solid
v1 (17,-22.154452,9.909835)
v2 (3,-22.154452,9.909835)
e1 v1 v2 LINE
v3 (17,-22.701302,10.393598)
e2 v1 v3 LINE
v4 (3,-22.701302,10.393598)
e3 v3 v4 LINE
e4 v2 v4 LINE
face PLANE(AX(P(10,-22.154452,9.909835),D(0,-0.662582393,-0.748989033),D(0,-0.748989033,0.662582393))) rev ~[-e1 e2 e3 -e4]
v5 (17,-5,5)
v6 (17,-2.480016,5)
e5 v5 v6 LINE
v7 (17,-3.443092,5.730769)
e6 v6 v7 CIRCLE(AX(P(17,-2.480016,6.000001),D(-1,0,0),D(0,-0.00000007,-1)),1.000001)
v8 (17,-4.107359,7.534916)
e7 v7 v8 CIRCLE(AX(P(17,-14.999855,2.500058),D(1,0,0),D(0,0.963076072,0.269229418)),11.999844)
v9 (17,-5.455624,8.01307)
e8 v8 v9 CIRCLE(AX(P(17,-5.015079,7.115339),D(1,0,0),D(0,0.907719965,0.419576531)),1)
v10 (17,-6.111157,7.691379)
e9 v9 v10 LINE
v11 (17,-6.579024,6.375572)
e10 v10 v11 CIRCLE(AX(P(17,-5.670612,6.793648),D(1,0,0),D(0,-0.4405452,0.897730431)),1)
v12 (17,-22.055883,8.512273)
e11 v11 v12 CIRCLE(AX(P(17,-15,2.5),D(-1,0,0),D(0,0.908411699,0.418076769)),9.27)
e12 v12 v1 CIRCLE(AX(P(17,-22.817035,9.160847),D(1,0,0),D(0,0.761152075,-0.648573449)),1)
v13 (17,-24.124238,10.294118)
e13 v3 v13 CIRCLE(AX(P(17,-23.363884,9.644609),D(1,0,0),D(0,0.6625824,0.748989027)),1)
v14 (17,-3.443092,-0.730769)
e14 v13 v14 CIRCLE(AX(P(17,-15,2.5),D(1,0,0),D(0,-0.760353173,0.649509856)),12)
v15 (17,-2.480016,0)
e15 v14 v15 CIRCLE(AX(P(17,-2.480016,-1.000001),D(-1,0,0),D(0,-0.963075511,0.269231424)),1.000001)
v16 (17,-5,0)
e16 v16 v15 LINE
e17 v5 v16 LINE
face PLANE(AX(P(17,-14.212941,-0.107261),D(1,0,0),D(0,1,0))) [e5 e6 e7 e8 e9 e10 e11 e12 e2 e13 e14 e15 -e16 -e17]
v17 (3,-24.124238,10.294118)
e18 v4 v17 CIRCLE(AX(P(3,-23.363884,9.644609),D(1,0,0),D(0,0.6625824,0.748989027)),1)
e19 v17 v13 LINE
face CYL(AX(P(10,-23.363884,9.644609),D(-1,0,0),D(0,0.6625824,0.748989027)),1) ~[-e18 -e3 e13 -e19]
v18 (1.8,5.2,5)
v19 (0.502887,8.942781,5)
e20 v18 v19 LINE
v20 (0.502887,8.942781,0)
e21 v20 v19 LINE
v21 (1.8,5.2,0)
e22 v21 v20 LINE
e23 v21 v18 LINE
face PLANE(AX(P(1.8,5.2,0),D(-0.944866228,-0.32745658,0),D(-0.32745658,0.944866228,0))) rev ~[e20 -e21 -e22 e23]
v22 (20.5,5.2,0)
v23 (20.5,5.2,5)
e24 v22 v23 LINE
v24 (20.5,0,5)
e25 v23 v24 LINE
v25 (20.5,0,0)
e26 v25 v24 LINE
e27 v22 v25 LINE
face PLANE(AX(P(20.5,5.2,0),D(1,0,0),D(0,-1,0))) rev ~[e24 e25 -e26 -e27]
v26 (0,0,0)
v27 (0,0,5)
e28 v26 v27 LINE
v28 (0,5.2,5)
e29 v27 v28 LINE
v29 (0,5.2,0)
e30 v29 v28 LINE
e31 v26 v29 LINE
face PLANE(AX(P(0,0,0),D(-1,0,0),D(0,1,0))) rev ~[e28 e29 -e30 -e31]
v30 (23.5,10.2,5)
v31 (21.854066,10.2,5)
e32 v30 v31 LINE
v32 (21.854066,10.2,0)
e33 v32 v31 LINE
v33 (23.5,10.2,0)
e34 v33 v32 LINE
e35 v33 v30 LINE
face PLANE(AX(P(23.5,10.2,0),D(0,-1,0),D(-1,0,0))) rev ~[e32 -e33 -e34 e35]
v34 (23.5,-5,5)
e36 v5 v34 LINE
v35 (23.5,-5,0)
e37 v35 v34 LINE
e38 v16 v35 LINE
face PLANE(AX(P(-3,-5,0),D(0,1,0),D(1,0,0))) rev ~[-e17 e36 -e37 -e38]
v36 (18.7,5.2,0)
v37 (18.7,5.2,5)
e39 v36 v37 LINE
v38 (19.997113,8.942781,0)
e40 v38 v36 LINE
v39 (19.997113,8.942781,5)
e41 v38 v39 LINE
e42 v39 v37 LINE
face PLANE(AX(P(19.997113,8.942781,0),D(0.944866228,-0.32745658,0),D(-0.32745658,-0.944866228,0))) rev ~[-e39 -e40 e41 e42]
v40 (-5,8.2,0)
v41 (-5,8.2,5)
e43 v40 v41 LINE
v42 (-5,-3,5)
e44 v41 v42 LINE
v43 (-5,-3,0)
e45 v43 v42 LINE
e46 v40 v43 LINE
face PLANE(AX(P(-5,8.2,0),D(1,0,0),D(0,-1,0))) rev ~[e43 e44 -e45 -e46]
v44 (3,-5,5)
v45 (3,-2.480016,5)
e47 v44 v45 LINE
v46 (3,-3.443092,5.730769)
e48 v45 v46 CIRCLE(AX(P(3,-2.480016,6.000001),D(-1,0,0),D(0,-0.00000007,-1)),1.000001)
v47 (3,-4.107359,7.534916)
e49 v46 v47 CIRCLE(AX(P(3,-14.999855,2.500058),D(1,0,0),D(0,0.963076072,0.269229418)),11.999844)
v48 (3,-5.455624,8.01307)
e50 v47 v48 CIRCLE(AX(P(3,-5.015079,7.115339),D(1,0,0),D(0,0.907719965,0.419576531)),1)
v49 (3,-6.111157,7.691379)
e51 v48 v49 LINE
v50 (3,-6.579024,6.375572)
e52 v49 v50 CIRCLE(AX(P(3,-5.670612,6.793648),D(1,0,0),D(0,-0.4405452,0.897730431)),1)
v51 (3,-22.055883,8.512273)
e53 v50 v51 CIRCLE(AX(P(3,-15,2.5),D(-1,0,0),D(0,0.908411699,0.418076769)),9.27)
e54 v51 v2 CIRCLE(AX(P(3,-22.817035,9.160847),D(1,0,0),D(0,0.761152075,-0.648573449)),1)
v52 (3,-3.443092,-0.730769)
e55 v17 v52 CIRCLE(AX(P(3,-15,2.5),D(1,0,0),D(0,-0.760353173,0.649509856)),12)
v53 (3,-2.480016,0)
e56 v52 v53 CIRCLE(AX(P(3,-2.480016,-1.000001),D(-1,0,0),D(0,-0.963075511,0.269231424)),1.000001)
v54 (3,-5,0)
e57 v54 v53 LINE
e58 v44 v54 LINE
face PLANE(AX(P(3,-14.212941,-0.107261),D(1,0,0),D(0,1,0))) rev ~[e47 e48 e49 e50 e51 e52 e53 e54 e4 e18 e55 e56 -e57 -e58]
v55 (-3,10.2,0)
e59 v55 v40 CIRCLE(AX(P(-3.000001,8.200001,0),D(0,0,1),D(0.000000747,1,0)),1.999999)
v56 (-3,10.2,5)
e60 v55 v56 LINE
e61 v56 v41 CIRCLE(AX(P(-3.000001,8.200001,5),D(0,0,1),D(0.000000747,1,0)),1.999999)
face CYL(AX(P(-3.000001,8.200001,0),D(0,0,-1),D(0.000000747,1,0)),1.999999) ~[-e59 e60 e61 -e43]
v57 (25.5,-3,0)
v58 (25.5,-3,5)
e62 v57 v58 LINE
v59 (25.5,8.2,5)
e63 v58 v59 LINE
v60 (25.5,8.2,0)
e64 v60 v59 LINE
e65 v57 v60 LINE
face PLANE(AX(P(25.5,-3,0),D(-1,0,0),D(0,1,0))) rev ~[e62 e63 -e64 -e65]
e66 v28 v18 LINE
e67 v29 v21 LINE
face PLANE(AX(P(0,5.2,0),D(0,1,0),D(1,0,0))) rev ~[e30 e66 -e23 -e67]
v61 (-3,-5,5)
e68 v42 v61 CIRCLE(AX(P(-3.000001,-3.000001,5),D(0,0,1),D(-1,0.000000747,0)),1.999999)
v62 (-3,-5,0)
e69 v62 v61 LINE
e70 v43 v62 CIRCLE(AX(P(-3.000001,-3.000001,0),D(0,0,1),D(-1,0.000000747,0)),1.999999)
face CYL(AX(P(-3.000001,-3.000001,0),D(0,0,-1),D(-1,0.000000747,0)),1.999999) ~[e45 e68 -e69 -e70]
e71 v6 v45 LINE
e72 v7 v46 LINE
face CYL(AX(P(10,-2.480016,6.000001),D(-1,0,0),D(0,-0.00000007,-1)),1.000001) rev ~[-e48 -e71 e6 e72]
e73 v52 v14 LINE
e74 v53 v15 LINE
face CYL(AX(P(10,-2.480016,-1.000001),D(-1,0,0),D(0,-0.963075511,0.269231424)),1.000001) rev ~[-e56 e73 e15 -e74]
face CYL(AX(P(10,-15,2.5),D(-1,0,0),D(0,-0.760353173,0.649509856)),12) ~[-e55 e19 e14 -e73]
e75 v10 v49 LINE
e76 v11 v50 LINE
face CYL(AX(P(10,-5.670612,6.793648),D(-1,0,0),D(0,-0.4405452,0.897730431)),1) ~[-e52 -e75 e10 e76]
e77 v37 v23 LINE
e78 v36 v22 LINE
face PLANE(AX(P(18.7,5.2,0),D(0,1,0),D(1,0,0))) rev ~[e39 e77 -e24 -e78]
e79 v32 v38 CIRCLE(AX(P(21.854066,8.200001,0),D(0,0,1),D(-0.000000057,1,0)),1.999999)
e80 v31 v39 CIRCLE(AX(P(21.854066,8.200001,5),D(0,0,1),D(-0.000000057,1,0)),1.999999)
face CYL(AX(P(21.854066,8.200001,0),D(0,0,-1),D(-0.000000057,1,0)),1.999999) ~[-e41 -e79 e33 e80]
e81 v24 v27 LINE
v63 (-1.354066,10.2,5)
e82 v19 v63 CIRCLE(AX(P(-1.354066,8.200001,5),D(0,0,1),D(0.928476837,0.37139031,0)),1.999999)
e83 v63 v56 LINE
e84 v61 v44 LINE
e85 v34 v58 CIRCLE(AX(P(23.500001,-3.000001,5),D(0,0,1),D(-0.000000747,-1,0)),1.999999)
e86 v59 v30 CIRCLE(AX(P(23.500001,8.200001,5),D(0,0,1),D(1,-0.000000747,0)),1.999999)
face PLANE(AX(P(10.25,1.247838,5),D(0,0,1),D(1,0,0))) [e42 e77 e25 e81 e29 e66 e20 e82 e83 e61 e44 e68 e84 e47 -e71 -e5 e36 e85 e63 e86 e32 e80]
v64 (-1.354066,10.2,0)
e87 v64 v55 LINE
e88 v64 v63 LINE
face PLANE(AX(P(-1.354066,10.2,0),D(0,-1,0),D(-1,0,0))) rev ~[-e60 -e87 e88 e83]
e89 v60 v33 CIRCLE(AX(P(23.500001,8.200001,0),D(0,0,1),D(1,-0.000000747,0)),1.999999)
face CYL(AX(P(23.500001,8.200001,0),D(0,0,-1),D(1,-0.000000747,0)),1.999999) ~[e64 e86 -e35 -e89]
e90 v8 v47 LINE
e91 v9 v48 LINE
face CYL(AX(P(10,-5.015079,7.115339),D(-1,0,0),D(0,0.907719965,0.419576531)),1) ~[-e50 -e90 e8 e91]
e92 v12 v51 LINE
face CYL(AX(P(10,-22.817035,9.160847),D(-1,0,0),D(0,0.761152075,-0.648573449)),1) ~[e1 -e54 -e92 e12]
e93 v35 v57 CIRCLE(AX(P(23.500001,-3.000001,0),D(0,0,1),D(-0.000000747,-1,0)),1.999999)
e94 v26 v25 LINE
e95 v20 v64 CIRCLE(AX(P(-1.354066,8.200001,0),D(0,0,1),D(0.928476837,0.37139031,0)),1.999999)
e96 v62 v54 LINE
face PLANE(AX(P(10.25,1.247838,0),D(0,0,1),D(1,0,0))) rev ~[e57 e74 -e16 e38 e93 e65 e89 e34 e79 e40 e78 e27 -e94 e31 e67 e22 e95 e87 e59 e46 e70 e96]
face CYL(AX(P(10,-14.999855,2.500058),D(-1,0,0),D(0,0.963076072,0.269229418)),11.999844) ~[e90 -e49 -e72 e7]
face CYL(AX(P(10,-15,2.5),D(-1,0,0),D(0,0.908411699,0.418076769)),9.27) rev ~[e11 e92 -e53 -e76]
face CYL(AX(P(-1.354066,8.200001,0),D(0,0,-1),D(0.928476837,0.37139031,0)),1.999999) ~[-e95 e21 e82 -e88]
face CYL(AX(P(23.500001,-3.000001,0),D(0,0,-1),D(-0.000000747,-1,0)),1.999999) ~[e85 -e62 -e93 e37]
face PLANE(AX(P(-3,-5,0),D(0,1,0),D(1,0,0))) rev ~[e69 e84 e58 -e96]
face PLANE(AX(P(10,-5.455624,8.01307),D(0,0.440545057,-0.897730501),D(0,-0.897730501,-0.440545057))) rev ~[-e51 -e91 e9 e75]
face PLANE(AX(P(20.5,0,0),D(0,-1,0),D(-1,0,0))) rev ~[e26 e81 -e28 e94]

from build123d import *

# Parameters (mm, degrees)
F1_DEPTH = 5
F5_DEPTH = 7
F6_DEPTH = 7


with BuildPart() as f1:
    # F0 (on Top) → F1 (new body)
    with BuildSketch(Plane.XY):
        with BuildLine():
            Line((20.5, 0), (0, 0))
            Line((0, 0), (0, 5.2))
            Line((0, 5.2), (1.8, 5.2))
            Line((1.8, 5.2), (0.502887, 8.942781))
            ThreePointArc((0.502887, 8.942781), (-0.232808, 9.856134), (-1.354066, 10.2))
            Line((-1.354066, 10.2), (-3, 10.2))
            ThreePointArc((-3, 10.2), (-4.414214, 9.614214), (-5, 8.2))
            Line((-5, 8.2), (-5, -3))
            ThreePointArc((-5, -3), (-4.414214, -4.414214), (-3, -5))
            Line((-3, -5), (23.5, -5))
            ThreePointArc((23.5, -5), (24.914214, -4.414214), (25.5, -3))
            Line((25.5, -3), (25.5, 0))
            Line((25.5, 0), (25.5, 8.2))
            ThreePointArc((25.5, 8.2), (24.914214, 9.614214), (23.5, 10.2))
            Line((23.5, 10.2), (21.854066, 10.2))
            ThreePointArc((21.854066, 10.2), (20.732808, 9.856134), (19.997113, 8.942781))
            Line((19.997113, 8.942781), (18.7, 5.2))
            Line((18.7, 5.2), (20.5, 5.2))
            Line((20.5, 5.2), (20.5, 0))
        make_face()
    extrude(amount=F1_DEPTH)

    # F4 (on offset) → F5 (join)
    with BuildSketch(Plane.YZ.offset(10)):
        with BuildLine():
            ThreePointArc((-22.701302, 10.393598), (-23.433626, 10.642174), (-24.124238, 10.294118))
            ThreePointArc((-24.124238, 10.294118), (-20.645043, -8.08931), (-3.443092, -0.730769))
            ThreePointArc((-3.443092, -0.730769), (-3.084486, -0.203372), (-2.480016, 0))
            Line((-2.480016, 0), (0, 0))
            Line((0, 0), (0, 5))
            Line((0, 5), (-2.480016, 5))
            ThreePointArc((-2.480016, 5), (-3.084486, 5.203372), (-3.443092, 5.730769))
            ThreePointArc((-3.443092, 5.730769), (-3.739036, 6.646167), (-4.107359, 7.534916))
            ThreePointArc((-4.107359, 7.534916), (-4.680832, 8.057825), (-5.455624, 8.01307))
            Line((-5.455624, 8.01307), (-6.111157, 7.691379))
            ThreePointArc((-6.111157, 7.691379), (-6.612821, 7.128674), (-6.579024, 6.375572))
            ThreePointArc((-6.579024, 6.375572), (-16.267771, -6.6829), (-22.055883, 8.512273))
            ThreePointArc((-22.055883, 8.512273), (-21.819513, 9.231201), (-22.154452, 9.909835))
            Line((-22.154452, 9.909835), (-22.701302, 10.393598))
        make_face()
    extrude(amount=-F5_DEPTH)

    # F4 (on offset) → F6 (join)
    with BuildSketch(Plane.YZ.offset(10)):
        with BuildLine():
            ThreePointArc((-22.701302, 10.393598), (-23.433626, 10.642174), (-24.124238, 10.294118))
            ThreePointArc((-24.124238, 10.294118), (-20.645043, -8.08931), (-3.443092, -0.730769))
            ThreePointArc((-3.443092, -0.730769), (-3.084486, -0.203372), (-2.480016, 0))
            Line((-2.480016, 0), (0, 0))
            Line((0, 0), (0, 5))
            Line((0, 5), (-2.480016, 5))
            ThreePointArc((-2.480016, 5), (-3.084486, 5.203372), (-3.443092, 5.730769))
            ThreePointArc((-3.443092, 5.730769), (-3.739036, 6.646167), (-4.107359, 7.534916))
            ThreePointArc((-4.107359, 7.534916), (-4.680832, 8.057825), (-5.455624, 8.01307))
            Line((-5.455624, 8.01307), (-6.111157, 7.691379))
            ThreePointArc((-6.111157, 7.691379), (-6.612821, 7.128674), (-6.579024, 6.375572))
            ThreePointArc((-6.579024, 6.375572), (-16.267771, -6.6829), (-22.055883, 8.512273))
            ThreePointArc((-22.055883, 8.512273), (-21.819513, 9.231201), (-22.154452, 9.909835))
            Line((-22.154452, 9.909835), (-22.701302, 10.393598))
        make_face()
    extrude(amount=F6_DEPTH)


solid = f1.part
